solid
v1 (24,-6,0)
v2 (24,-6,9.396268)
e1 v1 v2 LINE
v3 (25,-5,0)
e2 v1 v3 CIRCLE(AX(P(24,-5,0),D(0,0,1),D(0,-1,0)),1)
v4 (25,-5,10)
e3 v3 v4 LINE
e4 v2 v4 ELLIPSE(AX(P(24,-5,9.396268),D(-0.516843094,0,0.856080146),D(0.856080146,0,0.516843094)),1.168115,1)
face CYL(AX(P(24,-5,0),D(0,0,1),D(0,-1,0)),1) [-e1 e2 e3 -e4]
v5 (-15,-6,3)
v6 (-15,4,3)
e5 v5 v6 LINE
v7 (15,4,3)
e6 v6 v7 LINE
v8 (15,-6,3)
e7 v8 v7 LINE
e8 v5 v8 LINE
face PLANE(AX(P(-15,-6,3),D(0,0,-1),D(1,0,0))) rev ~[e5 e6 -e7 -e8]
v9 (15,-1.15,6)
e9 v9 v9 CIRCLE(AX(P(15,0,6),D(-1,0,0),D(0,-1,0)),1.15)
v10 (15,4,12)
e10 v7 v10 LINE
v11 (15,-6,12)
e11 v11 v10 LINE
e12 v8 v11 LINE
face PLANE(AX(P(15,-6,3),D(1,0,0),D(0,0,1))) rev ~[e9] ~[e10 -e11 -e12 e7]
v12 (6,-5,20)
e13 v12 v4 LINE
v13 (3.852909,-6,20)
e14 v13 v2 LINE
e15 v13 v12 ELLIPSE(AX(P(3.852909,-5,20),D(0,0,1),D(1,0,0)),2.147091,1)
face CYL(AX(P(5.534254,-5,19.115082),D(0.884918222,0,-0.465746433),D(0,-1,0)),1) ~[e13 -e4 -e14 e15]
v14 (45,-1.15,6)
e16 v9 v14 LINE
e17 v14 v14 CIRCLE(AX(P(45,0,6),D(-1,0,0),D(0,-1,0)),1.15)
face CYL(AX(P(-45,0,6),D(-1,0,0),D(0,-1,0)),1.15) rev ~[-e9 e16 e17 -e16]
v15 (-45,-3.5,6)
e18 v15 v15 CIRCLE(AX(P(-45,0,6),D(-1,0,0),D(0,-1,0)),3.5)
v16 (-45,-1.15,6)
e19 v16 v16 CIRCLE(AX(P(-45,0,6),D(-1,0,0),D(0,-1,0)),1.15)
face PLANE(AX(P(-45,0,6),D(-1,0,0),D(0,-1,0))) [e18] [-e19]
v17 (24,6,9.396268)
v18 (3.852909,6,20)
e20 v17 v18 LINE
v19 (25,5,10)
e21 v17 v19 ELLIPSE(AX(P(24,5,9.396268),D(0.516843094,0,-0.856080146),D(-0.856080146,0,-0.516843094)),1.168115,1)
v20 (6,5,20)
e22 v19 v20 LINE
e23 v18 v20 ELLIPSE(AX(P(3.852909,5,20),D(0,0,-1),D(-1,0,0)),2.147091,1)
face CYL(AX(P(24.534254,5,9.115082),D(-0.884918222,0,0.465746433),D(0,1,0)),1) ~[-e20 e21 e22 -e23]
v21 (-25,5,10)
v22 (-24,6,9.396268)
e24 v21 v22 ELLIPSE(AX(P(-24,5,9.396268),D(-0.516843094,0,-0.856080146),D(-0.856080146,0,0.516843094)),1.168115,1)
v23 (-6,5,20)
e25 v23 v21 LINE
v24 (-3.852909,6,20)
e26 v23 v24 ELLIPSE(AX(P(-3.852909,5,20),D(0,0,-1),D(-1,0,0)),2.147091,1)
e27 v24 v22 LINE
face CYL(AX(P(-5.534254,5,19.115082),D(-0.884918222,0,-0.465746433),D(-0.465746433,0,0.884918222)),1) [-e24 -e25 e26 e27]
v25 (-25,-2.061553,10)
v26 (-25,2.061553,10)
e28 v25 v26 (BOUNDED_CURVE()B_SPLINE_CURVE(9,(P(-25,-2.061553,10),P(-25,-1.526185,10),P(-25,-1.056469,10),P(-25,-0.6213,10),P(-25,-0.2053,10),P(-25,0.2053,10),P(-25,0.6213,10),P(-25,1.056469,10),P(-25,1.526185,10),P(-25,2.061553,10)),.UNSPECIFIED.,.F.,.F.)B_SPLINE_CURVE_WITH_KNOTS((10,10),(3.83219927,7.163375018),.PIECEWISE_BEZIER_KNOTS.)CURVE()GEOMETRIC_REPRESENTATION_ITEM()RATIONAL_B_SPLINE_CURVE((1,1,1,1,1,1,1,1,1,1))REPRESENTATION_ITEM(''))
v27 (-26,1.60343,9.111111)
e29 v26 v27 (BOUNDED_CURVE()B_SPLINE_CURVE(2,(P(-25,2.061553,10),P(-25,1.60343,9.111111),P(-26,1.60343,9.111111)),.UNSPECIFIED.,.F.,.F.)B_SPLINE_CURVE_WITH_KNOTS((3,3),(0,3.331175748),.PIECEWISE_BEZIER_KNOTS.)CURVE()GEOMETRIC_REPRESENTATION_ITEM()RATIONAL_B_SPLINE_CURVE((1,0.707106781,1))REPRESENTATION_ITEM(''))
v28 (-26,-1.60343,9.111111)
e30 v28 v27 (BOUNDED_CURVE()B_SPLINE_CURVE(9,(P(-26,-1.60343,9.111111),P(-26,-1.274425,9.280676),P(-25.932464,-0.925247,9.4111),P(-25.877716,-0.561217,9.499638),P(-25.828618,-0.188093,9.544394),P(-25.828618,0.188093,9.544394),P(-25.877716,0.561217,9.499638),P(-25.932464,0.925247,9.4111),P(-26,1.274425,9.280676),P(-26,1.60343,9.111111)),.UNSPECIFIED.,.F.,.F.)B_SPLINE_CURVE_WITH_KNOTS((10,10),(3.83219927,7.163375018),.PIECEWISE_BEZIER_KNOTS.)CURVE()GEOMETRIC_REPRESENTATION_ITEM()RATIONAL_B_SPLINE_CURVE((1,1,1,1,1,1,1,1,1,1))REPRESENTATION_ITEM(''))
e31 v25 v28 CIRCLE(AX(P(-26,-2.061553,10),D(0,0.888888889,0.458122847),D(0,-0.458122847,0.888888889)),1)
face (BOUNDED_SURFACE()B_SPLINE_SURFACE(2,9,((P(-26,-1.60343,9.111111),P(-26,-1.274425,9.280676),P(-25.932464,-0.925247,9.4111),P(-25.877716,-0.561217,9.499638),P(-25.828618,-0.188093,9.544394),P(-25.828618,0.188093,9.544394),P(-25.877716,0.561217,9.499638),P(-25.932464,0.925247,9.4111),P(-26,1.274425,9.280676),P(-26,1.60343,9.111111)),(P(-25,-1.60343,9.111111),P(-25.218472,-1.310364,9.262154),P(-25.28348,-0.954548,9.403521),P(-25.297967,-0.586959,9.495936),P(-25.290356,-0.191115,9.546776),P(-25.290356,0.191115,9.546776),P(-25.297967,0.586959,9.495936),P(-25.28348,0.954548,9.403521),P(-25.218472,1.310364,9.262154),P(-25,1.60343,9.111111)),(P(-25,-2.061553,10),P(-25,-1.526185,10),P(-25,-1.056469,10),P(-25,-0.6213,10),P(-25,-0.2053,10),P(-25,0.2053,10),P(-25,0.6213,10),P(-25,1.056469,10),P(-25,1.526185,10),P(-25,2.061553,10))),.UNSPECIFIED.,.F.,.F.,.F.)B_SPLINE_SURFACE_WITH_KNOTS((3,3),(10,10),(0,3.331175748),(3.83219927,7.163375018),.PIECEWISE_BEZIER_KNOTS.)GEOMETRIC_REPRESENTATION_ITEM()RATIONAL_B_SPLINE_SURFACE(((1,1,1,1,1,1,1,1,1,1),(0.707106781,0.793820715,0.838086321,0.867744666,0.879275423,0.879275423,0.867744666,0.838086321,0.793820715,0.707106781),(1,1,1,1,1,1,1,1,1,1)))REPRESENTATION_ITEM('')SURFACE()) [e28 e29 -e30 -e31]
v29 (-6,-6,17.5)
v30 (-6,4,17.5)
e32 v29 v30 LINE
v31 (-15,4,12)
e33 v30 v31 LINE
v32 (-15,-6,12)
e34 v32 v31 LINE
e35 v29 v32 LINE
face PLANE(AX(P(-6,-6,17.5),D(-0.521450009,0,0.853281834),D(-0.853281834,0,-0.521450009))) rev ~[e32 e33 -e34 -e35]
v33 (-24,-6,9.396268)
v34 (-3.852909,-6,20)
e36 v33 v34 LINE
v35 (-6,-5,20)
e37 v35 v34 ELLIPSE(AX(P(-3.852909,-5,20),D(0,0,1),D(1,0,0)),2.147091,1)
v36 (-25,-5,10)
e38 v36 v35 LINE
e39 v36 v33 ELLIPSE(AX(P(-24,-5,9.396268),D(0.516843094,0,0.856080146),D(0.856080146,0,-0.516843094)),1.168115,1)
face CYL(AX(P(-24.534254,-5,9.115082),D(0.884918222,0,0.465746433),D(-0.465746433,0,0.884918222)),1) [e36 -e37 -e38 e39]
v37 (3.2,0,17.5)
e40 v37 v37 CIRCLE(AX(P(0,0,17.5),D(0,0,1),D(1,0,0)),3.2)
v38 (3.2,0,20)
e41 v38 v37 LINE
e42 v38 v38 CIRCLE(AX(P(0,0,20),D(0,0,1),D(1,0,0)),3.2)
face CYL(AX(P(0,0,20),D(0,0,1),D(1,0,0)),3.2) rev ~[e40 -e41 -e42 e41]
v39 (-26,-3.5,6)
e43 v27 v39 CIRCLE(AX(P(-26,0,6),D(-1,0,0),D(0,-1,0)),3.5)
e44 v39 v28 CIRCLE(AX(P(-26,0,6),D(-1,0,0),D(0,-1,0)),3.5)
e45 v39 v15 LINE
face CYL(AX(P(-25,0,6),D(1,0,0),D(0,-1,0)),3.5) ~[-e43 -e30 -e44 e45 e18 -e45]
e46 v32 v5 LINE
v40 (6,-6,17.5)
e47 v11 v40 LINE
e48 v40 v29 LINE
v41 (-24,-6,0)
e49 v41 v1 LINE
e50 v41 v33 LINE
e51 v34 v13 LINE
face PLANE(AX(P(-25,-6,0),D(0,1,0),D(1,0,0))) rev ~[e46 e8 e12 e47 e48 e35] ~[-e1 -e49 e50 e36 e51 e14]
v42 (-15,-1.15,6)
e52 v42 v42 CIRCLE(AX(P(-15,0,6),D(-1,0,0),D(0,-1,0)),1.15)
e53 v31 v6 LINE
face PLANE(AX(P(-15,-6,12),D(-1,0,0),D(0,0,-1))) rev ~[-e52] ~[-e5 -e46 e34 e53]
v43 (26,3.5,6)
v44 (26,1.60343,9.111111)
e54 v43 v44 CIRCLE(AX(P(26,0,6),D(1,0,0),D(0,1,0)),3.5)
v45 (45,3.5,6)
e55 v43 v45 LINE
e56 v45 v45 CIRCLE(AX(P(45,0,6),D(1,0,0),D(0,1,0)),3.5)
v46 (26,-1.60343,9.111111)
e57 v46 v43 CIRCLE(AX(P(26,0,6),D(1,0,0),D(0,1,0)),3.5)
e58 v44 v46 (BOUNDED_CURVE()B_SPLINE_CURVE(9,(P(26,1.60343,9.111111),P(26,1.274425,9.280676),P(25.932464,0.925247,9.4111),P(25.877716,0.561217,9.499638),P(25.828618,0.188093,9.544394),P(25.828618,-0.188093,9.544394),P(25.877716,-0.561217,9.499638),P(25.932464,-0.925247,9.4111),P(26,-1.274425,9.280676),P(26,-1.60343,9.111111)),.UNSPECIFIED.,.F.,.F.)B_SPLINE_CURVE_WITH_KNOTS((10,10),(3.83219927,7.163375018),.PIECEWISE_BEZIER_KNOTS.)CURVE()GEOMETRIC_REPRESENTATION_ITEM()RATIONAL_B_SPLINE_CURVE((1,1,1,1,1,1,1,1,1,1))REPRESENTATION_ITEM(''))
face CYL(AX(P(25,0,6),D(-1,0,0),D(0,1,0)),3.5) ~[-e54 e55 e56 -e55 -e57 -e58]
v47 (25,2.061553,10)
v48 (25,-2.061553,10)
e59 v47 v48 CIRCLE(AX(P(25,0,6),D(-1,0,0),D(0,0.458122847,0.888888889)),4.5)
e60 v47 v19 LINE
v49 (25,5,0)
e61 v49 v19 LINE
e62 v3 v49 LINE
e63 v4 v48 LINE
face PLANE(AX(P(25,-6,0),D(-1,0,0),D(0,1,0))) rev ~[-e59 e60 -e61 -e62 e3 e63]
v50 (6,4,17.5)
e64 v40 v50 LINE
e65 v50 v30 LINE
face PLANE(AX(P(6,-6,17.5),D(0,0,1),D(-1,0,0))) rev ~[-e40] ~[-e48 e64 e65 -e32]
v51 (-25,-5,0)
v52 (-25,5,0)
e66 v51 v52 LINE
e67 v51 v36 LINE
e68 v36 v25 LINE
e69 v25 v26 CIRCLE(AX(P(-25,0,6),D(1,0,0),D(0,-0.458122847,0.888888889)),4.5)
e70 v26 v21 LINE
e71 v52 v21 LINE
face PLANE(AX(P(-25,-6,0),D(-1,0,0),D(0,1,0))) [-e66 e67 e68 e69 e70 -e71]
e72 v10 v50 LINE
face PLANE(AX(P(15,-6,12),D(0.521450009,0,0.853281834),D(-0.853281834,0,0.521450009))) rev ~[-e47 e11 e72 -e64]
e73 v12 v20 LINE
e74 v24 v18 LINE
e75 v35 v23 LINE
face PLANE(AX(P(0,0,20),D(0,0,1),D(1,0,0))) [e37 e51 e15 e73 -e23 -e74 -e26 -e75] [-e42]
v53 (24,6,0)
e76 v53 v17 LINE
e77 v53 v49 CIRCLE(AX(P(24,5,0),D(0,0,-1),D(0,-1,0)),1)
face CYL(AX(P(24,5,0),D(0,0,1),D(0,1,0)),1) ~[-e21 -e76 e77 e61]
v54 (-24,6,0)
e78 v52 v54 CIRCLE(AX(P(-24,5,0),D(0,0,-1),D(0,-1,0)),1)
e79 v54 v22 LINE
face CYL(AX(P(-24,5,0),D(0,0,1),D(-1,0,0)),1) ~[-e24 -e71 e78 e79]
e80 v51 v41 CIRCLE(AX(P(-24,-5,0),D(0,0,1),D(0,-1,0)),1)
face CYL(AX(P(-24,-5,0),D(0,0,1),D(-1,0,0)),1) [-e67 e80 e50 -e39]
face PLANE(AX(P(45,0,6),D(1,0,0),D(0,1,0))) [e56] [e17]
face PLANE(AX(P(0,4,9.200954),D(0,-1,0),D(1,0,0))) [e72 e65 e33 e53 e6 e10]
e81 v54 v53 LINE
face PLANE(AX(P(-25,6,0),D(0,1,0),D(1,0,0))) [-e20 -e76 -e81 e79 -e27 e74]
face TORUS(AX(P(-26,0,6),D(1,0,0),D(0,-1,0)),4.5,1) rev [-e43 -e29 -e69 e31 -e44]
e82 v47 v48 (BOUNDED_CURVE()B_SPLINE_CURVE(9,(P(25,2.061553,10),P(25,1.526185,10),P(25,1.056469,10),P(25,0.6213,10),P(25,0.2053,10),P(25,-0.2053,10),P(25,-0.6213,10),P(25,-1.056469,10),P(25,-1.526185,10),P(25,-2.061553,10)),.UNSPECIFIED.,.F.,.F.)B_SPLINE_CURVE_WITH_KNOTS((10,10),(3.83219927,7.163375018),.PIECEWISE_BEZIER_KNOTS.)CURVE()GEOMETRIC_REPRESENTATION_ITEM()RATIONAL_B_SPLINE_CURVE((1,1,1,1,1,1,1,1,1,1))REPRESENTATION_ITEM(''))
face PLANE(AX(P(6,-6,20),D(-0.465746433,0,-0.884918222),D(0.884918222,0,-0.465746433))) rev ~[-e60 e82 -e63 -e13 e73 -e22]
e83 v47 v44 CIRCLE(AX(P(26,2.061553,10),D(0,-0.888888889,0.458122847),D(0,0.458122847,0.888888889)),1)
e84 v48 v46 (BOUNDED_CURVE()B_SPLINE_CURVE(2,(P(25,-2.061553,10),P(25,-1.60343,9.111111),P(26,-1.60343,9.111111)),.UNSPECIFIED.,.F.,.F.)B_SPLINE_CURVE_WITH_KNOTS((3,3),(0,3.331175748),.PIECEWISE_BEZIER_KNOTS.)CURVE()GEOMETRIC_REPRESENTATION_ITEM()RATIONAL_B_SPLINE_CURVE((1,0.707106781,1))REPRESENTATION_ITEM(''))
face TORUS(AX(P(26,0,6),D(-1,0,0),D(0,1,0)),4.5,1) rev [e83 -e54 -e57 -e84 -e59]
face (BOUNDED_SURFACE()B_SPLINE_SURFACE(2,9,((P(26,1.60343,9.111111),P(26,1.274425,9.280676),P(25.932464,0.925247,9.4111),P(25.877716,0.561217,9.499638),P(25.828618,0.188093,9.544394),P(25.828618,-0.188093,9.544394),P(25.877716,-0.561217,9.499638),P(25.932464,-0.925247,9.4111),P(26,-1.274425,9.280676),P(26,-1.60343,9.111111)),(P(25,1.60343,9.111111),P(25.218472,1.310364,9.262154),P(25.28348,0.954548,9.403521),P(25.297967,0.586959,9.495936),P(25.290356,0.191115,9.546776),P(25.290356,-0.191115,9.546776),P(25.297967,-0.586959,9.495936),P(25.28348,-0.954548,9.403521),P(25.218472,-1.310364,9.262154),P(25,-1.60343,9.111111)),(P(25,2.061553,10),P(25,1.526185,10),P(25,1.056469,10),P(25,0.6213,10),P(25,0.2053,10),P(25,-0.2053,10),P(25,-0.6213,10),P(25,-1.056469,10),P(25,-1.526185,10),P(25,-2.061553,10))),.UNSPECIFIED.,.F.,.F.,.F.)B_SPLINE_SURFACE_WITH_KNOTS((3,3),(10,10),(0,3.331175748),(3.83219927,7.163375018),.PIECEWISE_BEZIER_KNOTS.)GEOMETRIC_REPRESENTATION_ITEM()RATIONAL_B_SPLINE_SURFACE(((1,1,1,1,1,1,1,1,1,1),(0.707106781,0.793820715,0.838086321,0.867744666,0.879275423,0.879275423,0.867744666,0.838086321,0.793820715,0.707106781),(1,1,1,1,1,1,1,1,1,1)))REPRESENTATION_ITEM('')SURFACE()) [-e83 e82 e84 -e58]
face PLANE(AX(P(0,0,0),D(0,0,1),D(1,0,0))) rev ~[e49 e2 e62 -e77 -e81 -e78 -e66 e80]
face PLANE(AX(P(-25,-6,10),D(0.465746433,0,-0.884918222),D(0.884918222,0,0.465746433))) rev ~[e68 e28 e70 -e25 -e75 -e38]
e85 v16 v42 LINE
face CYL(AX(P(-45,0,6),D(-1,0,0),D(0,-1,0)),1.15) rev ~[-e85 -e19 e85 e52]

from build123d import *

# Parameters (mm, degrees)
SKETCH_W        = 50
SKETCH_H        = 12
PAD_DEPTH       = 20
POCKET_DEPTH    = 20
POCKET001_DEPTH = 10
SKETCH003_R     = 3.2
POCKET002_DEPTH = 5
SKETCH004_R     = 3.5
PAD001_DEPTH    = 20
SKETCH005_R     = 3.5
PAD002_DEPTH    = 20
FILLET_R        = 1
SKETCH006_R     = 1.15
POCKET003_DEPTH = 200
FILLET001_R     = 1


with BuildPart() as part:
    # Sketch → Pad (new body)
    with BuildSketch(Plane.XY):
        Rectangle(SKETCH_W, SKETCH_H)
    extrude(amount=PAD_DEPTH)

    # Sketch001 (on Face3 of Pad) → Pocket (cut)
    with BuildSketch(Plane.XZ.offset(6)):
        Polygon((-25, 30), (-25, 10), (-6, 20), (6, 20), (25, 10), (25, 30), align=None)
    extrude(amount=-POCKET_DEPTH, mode=Mode.SUBTRACT)

    # Sketch002 (on Face8 of Pocket) → Pocket001 (cut)
    with BuildSketch(Plane.XZ.offset(6)):
        Polygon((-15, 12), (-15, 3), (15, 3), (15, 12), (6, 17.5), (-6, 17.5), align=None)
    extrude(amount=-POCKET001_DEPTH, mode=Mode.SUBTRACT)

    # Sketch003 (on Face5 of Pocket001) → Pocket002 (cut)
    with BuildSketch(Plane.XY.offset(20)):
        Circle(SKETCH003_R)
    extrude(amount=-POCKET002_DEPTH, mode=Mode.SUBTRACT)

    # Sketch004 (on Face7 of Pocket002) → Pad001 (join)
    with BuildSketch(Plane(origin=(-25, 0, 0), x_dir=(0, -1, 0), z_dir=(-1, 0, 0))):
        with Locations((0, 6)):
            Circle(SKETCH004_R)
    extrude(amount=PAD001_DEPTH)

    # Sketch005 (on Face3 of Pad001) → Pad002 (join)
    with BuildSketch(Plane.YZ.offset(25)):
        with Locations((0, 6)):
            Circle(SKETCH005_R)
    extrude(amount=PAD002_DEPTH)

    # Fillet
    fillet_edges = [part.edges().sort_by_distance(p)[0] for p in [
        (25, -3.5, 6),
        (-25, 3.5, 6),
    ]]
    fillet(fillet_edges, radius=FILLET_R)

    # Sketch006 (on Face26 of Fillet) → Pocket003 (cut)
    with BuildSketch(Plane(origin=(-45, 0, 0), x_dir=(0, -1, 0), z_dir=(-1, 0, 0))):
        with Locations((0, 6)):
            Circle(SKETCH006_R)
    extrude(amount=-POCKET003_DEPTH, mode=Mode.SUBTRACT)

    # Fillet001
    fillet001_edges = [part.edges().sort_by_distance(p)[0] for p in [
        (-15.5, -6, 15),
        (-25, -6, 5),
        (-25, 6, 5),
        (-15.5, 6, 15),
        (15.5, -6, 15),
        (15.5, 6, 15),
        (25, -6, 5),
        (25, 6, 5),
    ]]
    fillet(fillet001_edges, radius=FILLET001_R)


solid = part.part
